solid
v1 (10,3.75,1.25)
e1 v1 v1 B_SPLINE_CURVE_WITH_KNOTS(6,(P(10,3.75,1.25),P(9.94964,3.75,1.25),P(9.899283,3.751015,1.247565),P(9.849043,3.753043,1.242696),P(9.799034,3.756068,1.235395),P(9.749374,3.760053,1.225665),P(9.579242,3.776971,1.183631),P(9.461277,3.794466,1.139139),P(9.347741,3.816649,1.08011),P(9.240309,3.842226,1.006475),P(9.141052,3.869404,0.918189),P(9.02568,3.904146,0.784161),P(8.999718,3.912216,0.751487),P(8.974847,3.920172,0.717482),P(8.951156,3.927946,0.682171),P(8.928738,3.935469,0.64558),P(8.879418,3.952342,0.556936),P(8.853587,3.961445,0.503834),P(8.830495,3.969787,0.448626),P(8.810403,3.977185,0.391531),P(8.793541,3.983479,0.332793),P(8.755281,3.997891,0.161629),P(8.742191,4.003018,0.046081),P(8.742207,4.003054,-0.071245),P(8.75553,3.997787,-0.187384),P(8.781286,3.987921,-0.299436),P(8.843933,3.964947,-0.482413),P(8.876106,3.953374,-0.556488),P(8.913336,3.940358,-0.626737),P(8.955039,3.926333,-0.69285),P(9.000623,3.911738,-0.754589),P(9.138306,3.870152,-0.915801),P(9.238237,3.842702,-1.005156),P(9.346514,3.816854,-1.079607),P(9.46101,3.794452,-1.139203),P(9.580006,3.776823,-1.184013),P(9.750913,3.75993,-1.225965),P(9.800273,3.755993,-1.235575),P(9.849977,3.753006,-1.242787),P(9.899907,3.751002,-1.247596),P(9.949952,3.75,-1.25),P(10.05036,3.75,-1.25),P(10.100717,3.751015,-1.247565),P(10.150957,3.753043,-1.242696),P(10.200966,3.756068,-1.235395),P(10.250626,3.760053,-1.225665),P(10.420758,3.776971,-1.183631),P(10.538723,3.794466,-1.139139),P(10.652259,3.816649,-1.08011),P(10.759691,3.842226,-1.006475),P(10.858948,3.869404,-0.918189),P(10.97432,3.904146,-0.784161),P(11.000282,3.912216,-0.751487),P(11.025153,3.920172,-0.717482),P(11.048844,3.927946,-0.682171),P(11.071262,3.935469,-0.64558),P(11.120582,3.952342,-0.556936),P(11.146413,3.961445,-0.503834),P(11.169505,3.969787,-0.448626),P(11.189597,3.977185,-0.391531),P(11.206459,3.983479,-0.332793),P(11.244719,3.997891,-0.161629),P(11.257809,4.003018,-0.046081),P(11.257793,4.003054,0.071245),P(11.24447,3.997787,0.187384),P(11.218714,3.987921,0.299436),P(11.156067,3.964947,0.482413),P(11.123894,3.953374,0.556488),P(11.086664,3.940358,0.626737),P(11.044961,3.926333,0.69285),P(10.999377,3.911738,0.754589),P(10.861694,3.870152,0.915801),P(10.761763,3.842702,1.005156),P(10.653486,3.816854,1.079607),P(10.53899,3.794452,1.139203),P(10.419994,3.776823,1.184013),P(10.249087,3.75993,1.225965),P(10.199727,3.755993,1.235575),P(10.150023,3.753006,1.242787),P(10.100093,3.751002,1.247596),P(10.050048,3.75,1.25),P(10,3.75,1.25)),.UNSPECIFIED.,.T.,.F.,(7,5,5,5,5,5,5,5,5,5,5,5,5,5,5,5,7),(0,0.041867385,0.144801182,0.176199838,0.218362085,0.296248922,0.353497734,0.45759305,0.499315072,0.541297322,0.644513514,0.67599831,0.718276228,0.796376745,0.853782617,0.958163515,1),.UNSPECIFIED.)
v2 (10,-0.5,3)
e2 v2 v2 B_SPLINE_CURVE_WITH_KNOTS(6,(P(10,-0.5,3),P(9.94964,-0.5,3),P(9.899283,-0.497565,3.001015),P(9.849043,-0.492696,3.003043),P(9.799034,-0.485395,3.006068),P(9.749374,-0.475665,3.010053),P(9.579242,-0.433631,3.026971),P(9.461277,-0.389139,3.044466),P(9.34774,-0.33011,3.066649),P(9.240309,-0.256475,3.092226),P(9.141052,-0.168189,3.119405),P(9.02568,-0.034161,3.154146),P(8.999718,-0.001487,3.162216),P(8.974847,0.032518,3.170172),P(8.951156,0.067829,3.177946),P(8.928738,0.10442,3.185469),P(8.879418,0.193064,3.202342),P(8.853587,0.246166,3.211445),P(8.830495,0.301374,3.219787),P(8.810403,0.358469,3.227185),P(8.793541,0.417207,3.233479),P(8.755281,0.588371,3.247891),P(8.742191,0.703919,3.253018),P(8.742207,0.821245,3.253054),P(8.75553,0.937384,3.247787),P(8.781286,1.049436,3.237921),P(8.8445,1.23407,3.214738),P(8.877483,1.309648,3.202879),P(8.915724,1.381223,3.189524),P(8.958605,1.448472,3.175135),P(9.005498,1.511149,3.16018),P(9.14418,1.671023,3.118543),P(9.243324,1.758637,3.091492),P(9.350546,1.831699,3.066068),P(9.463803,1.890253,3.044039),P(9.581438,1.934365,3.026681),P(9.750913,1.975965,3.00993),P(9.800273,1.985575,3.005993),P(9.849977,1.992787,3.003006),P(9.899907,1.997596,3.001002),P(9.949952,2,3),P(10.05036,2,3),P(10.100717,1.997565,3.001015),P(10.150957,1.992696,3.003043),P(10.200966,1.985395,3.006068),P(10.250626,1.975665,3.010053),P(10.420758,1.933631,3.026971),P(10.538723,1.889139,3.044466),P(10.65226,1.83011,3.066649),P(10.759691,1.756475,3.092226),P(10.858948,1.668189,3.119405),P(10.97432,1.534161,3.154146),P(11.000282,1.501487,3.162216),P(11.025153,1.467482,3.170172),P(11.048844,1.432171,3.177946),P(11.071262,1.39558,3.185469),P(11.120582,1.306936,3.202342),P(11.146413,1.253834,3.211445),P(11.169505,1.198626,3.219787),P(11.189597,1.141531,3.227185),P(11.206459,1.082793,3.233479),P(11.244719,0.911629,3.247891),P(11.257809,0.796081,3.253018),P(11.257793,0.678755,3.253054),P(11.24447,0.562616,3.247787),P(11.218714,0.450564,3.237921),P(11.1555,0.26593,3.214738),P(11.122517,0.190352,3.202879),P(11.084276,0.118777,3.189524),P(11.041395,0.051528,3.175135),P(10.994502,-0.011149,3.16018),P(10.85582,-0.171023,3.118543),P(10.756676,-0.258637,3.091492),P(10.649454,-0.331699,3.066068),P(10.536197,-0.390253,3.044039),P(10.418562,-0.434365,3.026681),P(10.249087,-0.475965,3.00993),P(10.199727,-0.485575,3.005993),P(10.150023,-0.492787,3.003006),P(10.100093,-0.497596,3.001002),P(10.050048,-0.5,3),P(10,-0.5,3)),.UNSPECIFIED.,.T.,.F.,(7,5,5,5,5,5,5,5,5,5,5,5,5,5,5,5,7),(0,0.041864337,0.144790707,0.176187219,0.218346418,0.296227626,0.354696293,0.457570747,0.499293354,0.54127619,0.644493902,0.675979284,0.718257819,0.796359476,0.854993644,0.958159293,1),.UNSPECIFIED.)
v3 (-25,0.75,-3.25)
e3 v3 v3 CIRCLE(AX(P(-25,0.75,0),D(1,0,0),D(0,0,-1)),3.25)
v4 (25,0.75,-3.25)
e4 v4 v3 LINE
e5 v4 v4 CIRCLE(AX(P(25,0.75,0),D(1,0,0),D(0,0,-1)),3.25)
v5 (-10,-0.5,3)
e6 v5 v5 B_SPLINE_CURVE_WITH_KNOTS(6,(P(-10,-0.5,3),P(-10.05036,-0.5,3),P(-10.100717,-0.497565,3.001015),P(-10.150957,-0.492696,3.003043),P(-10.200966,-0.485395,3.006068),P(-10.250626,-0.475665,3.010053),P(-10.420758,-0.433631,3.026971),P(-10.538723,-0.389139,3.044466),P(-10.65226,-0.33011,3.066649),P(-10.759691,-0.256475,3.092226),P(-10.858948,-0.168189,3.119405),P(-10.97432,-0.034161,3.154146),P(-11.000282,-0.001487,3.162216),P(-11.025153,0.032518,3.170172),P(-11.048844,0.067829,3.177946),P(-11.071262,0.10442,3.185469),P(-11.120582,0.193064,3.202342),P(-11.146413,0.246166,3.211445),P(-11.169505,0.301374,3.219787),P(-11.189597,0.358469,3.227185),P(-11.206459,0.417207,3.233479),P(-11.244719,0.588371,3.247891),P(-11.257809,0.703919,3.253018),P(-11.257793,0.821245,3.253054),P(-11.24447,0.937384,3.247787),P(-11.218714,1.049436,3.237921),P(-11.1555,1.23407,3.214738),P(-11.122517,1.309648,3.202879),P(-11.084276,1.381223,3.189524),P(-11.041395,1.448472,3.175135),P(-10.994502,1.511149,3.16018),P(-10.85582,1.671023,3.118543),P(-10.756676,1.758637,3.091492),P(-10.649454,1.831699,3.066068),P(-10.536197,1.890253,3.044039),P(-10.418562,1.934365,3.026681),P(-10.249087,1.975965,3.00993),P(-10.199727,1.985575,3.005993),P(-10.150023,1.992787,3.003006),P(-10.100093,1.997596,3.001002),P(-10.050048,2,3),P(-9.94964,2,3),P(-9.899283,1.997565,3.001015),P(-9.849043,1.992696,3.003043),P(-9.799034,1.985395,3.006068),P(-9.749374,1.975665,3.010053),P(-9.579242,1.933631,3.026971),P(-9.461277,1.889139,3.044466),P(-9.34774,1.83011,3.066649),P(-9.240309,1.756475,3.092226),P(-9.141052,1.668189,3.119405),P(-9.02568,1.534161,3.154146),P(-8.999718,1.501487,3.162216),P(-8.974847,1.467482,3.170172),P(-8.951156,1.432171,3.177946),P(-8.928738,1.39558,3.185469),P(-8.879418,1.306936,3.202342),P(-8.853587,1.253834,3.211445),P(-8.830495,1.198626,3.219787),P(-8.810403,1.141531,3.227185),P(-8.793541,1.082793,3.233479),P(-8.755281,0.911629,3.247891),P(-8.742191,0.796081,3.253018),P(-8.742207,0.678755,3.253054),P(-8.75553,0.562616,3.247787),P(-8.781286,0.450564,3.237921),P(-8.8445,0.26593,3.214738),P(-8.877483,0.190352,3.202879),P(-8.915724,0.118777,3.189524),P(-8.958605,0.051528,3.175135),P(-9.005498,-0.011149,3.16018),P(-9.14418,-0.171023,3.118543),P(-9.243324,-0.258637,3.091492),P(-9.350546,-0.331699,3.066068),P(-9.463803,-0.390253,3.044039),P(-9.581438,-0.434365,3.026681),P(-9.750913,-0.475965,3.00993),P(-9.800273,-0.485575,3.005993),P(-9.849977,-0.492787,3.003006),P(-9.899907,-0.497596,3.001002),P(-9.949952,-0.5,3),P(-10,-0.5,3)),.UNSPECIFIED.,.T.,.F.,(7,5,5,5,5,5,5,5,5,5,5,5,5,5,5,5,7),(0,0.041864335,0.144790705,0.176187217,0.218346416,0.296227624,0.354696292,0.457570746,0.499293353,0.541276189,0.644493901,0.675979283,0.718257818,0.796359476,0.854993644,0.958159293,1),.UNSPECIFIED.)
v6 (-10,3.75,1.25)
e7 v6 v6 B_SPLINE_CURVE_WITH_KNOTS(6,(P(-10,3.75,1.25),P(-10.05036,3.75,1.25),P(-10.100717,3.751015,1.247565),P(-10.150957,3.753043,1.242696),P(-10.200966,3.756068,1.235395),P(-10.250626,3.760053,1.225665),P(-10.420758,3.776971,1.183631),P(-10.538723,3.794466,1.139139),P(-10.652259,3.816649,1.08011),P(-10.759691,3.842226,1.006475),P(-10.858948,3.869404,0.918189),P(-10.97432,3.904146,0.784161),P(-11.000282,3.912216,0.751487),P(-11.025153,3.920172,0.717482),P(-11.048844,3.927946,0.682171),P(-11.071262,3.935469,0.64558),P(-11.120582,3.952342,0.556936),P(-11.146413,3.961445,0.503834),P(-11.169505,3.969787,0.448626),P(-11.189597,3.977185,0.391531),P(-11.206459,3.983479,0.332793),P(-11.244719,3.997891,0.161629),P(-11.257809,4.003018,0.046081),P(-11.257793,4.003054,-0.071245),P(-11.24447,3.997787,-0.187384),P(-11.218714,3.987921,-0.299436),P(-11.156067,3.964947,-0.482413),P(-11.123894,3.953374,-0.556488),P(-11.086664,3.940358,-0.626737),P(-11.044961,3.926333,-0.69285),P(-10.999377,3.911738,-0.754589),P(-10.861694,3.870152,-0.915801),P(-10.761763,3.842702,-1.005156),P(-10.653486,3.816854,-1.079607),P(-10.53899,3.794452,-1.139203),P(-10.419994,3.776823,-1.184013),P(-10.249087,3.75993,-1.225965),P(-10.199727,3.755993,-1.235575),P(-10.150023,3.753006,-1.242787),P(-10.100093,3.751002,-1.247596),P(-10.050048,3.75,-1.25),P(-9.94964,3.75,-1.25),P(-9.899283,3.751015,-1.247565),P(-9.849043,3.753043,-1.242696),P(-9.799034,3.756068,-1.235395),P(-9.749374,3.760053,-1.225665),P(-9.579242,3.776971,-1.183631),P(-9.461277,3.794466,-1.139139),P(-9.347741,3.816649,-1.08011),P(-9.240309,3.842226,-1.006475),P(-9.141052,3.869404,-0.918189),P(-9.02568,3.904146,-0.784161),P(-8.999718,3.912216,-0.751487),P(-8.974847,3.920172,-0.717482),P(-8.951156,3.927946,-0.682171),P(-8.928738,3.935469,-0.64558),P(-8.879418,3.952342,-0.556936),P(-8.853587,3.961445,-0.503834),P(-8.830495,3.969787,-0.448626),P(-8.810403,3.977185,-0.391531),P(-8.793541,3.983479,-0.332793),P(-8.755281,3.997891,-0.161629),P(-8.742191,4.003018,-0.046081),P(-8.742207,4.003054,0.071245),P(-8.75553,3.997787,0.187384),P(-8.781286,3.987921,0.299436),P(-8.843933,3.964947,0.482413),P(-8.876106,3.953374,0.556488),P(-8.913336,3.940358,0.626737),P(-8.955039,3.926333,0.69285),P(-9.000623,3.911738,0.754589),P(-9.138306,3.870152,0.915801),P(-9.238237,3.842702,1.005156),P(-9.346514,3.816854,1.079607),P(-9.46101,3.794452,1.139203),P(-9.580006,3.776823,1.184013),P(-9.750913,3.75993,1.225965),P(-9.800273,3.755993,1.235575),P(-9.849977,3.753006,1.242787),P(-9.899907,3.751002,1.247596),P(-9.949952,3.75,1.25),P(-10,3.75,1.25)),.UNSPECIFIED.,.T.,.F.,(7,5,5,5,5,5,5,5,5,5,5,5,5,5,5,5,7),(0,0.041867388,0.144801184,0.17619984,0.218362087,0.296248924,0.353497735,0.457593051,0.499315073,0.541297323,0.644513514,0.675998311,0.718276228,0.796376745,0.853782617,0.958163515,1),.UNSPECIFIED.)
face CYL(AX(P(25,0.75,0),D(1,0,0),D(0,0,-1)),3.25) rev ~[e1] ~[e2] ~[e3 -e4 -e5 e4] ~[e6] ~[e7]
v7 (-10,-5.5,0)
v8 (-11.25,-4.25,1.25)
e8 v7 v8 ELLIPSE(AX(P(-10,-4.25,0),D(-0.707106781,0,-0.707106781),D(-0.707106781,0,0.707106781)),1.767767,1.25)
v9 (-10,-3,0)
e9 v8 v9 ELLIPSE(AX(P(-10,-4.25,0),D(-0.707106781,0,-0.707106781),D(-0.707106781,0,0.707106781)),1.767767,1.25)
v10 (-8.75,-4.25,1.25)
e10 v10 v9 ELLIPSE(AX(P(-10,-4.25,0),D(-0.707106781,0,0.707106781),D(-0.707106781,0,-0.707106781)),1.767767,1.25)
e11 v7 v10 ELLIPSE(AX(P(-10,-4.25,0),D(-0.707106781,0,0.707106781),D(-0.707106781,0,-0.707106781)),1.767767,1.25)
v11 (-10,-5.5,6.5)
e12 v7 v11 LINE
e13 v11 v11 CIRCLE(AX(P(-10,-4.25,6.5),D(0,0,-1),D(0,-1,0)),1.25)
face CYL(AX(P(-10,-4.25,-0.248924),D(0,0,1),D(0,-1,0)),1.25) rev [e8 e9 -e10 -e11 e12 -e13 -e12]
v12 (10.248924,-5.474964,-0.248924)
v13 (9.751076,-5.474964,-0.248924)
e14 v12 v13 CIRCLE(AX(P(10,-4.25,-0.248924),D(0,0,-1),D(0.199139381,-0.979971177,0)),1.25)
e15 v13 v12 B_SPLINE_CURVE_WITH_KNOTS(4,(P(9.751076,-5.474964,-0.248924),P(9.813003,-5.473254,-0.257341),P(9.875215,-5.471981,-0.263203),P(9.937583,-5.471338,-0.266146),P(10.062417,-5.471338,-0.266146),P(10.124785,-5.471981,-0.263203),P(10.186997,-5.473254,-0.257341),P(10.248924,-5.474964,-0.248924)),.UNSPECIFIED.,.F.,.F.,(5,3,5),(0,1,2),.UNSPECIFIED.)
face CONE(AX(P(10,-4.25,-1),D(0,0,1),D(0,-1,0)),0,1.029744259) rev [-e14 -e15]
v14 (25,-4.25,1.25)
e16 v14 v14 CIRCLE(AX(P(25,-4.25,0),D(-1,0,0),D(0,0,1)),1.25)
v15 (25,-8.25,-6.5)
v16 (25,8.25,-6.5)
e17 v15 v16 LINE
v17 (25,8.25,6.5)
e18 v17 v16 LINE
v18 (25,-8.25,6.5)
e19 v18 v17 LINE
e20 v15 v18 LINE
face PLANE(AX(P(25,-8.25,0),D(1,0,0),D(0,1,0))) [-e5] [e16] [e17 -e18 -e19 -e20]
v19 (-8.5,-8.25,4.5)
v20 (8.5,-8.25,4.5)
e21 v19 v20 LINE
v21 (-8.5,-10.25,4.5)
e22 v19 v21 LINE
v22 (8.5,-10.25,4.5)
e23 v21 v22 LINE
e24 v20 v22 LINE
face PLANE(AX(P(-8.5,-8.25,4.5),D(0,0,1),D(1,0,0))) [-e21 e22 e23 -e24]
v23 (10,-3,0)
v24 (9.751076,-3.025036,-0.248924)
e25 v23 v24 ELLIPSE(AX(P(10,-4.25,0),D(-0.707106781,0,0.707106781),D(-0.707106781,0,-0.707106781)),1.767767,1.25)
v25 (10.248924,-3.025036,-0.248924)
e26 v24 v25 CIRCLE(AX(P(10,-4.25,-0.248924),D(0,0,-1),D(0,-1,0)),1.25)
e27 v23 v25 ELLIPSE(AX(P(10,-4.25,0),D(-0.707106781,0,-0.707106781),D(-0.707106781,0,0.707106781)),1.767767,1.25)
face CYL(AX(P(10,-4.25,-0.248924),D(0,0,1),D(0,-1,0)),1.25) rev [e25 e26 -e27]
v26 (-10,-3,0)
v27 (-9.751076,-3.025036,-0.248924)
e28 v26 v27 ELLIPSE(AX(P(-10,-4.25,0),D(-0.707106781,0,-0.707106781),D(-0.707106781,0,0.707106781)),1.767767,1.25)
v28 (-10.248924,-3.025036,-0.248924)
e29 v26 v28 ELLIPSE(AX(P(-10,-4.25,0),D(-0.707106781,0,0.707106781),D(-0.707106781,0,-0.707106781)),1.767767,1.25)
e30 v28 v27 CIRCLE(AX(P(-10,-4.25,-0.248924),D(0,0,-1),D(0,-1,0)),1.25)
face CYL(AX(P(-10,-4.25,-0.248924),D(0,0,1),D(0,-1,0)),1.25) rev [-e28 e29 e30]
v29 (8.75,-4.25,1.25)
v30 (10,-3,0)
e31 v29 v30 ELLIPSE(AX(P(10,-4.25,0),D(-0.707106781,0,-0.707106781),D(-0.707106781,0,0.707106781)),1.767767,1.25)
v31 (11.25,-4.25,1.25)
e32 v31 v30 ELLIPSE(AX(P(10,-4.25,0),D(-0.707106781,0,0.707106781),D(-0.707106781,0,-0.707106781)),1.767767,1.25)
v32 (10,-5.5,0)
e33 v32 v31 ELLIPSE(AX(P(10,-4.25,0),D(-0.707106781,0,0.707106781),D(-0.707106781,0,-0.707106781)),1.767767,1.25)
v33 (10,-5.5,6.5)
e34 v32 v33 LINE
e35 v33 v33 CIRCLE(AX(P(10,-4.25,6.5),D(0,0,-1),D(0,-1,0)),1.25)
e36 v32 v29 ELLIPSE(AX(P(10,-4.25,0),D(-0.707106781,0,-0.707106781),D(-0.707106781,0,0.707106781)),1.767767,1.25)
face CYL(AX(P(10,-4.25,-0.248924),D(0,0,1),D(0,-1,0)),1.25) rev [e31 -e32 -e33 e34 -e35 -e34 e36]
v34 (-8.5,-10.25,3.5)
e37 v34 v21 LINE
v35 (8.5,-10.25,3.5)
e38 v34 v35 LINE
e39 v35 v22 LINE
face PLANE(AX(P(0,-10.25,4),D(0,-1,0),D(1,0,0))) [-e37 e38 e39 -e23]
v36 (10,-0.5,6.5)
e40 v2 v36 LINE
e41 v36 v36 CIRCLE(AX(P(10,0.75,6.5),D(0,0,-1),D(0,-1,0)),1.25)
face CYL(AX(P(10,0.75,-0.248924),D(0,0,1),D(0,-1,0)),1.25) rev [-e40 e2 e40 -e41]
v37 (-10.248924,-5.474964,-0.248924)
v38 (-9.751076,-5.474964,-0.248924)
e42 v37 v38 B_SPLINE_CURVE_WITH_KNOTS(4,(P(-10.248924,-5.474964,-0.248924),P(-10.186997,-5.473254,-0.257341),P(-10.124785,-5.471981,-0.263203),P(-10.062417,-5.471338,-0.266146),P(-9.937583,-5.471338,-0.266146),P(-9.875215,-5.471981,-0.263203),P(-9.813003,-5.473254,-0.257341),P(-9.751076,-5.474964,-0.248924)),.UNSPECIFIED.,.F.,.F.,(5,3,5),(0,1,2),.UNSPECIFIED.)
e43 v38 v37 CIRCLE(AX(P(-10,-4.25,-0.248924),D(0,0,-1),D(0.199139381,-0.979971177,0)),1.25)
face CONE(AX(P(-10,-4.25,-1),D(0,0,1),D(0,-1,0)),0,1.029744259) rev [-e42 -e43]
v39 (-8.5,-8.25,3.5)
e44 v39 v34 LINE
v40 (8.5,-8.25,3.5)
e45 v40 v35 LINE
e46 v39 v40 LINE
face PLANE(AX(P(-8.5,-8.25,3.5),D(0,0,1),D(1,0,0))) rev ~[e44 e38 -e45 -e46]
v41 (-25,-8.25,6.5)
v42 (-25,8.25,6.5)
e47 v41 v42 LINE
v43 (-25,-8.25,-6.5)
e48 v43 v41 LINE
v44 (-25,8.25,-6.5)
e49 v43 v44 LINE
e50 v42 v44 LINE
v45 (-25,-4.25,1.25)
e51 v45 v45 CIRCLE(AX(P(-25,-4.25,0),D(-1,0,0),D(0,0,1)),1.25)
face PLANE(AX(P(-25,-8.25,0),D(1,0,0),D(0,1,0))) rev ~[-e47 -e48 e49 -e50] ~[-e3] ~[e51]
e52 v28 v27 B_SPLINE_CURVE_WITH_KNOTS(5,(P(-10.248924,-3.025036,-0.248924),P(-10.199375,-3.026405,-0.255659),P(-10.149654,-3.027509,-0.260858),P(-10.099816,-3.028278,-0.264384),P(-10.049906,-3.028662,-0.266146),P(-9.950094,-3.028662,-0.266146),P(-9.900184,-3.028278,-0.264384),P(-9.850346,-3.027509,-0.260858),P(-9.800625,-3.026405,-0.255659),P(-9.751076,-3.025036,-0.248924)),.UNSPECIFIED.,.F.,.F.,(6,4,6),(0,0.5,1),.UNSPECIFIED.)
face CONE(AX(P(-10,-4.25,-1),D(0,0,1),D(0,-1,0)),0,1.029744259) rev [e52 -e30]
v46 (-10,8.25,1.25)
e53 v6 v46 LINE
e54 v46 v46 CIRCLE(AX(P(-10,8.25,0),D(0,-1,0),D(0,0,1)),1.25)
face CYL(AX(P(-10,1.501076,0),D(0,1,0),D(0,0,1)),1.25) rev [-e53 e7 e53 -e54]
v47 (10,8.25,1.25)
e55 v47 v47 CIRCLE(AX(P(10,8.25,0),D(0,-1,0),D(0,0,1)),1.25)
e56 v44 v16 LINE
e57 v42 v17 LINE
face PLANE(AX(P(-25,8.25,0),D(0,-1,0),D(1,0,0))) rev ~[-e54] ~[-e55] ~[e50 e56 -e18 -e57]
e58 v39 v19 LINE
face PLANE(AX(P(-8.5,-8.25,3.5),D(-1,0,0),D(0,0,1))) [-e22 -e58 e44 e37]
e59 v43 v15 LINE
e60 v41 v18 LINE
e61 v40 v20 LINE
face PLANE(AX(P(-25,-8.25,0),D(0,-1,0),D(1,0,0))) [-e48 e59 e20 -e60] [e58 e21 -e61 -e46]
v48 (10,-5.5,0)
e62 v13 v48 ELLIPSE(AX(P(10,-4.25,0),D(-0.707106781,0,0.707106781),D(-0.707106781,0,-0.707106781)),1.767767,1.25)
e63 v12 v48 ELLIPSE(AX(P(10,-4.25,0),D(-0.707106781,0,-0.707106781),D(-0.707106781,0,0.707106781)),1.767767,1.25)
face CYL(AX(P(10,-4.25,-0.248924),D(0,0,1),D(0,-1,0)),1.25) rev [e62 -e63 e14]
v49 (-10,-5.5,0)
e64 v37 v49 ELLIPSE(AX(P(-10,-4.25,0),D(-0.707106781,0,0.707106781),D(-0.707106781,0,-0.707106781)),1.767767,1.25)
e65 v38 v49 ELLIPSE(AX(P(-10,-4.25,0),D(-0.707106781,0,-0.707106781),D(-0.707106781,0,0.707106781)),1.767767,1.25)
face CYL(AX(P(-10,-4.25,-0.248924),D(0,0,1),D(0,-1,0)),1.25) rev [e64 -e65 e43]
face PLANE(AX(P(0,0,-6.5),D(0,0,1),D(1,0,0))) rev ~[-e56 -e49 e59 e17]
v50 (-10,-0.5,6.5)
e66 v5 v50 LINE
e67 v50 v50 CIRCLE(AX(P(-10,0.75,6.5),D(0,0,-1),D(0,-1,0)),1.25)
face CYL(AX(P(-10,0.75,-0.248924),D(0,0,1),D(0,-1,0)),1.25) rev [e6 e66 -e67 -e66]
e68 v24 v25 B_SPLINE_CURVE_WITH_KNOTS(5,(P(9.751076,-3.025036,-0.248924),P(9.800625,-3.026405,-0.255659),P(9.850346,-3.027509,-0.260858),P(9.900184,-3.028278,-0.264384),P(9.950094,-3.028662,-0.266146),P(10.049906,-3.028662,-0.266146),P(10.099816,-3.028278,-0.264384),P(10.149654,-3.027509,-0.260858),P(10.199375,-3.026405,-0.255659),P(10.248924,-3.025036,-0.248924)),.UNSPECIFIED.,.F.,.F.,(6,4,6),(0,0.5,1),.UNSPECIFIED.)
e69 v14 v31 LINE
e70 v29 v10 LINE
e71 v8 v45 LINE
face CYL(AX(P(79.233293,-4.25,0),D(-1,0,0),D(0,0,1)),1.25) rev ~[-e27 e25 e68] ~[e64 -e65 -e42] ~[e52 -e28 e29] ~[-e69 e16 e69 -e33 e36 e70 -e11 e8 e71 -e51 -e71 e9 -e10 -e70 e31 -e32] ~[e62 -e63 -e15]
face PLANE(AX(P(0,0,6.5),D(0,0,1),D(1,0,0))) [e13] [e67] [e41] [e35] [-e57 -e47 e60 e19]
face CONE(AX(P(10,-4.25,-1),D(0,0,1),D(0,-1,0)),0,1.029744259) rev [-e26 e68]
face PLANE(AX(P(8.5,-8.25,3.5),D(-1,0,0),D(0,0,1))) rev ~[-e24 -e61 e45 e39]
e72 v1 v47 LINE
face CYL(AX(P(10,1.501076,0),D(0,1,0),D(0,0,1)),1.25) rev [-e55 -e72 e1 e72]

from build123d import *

# Parameters (mm, degrees)
SKETCH1_W             = 50
SKETCH1_H             = 16.5
BOSS_EXTRUDE1_DEPTH   = 6.5
LPATTERN1_COUNT       = 2
LPATTERN1_PITCH       = 20
SKETCH4_R             = 3.25
CUT_EXTRUDE1_DEPTH    = 51
M3X0_5_TAPPED_HOLE2_D = 2.5
LPATTERN2_COUNT       = 2
LPATTERN2_PITCH       = 20
LPATTERN2_COUNT_DIR2  = 2
LPATTERN2_PITCH_DIR2  = 5
SKETCH9_W             = 17
SKETCH9_H             = 1
BOSS_EXTRUDE2_DEPTH   = 2


with BuildPart() as part:
    # Sketch1 → Boss-Extrude1 (new body, symmetric)
    with BuildSketch(Plane.XY):
        Rectangle(SKETCH1_W, SKETCH1_H)
    extrude(amount=BOSS_EXTRUDE1_DEPTH, both=True)

    # Sketch2 → M3x0.5 Tapped Hole1 (revolve, cut)
    with BuildSketch(Plane(origin=(10, 8.25, 0), x_dir=(0, 0, 1), z_dir=(1, 0, 0))):
        Polygon((0, 0), (0, 7.5), (1.25, 6.748924226), (1.25, 0), align=None)
    m3x0_5_tapped_hole1 = revolve(axis=Axis((10, 14.6, 0), (0, -1, 0)), mode=Mode.SUBTRACT)

    # LPattern1: M3x0.5 Tapped Hole1 ×2
    with Locations(*[(-i * LPATTERN1_PITCH, 0, 0) for i in range(1, LPATTERN1_COUNT)]):
        add(m3x0_5_tapped_hole1, mode=Mode.SUBTRACT)

    # Sketch4 → Cut-Extrude1 (cut, through all)
    with BuildSketch(Plane(origin=(25, 0, 0), x_dir=(0, 0, -1), z_dir=(1, 0, 0))):
        with Locations((0, 0.75)):
            Circle(SKETCH4_R)
    extrude(amount=-CUT_EXTRUDE1_DEPTH, mode=Mode.SUBTRACT)

    # M3x0.5 Tapped Hole2 (through all)
    with Locations(Plane(origin=(25, 0, 0), x_dir=(0, 0, -1), z_dir=(1, 0, 0))):
        with Locations((0, -4.25)):
            Hole(M3X0_5_TAPPED_HOLE2_D / 2)

    # Sketch7 → M3x0.5 Tapped Hole3 (revolve, cut)
    with BuildSketch(Plane(origin=(-10, 0.75, 6.5), x_dir=(0, -1, 0), z_dir=(1, 0, 0))):
        Polygon((0, 0), (0, 7.5), (1.25, 6.748924226), (1.25, 0), align=None)
    m3x0_5_tapped_hole3 = revolve(axis=Axis((-10, 0.75, 12.85), (0, 0, -1)), mode=Mode.SUBTRACT)

    # LPattern2: M3x0.5 Tapped Hole3 2 × 2
    with Locations(*[(i * LPATTERN2_PITCH, -j * LPATTERN2_PITCH_DIR2, 0) for i in range(LPATTERN2_COUNT) for j in range(LPATTERN2_COUNT_DIR2) if (i, j) != (0, 0)]):
        add(m3x0_5_tapped_hole3, mode=Mode.SUBTRACT)

    # Sketch9 → Boss-Extrude2 (add)
    with BuildSketch(Plane.XZ.offset(8.25)):
        with Locations((0, 4)):
            Rectangle(SKETCH9_W, SKETCH9_H)
    extrude(amount=BOSS_EXTRUDE2_DEPTH)


solid = part.part
